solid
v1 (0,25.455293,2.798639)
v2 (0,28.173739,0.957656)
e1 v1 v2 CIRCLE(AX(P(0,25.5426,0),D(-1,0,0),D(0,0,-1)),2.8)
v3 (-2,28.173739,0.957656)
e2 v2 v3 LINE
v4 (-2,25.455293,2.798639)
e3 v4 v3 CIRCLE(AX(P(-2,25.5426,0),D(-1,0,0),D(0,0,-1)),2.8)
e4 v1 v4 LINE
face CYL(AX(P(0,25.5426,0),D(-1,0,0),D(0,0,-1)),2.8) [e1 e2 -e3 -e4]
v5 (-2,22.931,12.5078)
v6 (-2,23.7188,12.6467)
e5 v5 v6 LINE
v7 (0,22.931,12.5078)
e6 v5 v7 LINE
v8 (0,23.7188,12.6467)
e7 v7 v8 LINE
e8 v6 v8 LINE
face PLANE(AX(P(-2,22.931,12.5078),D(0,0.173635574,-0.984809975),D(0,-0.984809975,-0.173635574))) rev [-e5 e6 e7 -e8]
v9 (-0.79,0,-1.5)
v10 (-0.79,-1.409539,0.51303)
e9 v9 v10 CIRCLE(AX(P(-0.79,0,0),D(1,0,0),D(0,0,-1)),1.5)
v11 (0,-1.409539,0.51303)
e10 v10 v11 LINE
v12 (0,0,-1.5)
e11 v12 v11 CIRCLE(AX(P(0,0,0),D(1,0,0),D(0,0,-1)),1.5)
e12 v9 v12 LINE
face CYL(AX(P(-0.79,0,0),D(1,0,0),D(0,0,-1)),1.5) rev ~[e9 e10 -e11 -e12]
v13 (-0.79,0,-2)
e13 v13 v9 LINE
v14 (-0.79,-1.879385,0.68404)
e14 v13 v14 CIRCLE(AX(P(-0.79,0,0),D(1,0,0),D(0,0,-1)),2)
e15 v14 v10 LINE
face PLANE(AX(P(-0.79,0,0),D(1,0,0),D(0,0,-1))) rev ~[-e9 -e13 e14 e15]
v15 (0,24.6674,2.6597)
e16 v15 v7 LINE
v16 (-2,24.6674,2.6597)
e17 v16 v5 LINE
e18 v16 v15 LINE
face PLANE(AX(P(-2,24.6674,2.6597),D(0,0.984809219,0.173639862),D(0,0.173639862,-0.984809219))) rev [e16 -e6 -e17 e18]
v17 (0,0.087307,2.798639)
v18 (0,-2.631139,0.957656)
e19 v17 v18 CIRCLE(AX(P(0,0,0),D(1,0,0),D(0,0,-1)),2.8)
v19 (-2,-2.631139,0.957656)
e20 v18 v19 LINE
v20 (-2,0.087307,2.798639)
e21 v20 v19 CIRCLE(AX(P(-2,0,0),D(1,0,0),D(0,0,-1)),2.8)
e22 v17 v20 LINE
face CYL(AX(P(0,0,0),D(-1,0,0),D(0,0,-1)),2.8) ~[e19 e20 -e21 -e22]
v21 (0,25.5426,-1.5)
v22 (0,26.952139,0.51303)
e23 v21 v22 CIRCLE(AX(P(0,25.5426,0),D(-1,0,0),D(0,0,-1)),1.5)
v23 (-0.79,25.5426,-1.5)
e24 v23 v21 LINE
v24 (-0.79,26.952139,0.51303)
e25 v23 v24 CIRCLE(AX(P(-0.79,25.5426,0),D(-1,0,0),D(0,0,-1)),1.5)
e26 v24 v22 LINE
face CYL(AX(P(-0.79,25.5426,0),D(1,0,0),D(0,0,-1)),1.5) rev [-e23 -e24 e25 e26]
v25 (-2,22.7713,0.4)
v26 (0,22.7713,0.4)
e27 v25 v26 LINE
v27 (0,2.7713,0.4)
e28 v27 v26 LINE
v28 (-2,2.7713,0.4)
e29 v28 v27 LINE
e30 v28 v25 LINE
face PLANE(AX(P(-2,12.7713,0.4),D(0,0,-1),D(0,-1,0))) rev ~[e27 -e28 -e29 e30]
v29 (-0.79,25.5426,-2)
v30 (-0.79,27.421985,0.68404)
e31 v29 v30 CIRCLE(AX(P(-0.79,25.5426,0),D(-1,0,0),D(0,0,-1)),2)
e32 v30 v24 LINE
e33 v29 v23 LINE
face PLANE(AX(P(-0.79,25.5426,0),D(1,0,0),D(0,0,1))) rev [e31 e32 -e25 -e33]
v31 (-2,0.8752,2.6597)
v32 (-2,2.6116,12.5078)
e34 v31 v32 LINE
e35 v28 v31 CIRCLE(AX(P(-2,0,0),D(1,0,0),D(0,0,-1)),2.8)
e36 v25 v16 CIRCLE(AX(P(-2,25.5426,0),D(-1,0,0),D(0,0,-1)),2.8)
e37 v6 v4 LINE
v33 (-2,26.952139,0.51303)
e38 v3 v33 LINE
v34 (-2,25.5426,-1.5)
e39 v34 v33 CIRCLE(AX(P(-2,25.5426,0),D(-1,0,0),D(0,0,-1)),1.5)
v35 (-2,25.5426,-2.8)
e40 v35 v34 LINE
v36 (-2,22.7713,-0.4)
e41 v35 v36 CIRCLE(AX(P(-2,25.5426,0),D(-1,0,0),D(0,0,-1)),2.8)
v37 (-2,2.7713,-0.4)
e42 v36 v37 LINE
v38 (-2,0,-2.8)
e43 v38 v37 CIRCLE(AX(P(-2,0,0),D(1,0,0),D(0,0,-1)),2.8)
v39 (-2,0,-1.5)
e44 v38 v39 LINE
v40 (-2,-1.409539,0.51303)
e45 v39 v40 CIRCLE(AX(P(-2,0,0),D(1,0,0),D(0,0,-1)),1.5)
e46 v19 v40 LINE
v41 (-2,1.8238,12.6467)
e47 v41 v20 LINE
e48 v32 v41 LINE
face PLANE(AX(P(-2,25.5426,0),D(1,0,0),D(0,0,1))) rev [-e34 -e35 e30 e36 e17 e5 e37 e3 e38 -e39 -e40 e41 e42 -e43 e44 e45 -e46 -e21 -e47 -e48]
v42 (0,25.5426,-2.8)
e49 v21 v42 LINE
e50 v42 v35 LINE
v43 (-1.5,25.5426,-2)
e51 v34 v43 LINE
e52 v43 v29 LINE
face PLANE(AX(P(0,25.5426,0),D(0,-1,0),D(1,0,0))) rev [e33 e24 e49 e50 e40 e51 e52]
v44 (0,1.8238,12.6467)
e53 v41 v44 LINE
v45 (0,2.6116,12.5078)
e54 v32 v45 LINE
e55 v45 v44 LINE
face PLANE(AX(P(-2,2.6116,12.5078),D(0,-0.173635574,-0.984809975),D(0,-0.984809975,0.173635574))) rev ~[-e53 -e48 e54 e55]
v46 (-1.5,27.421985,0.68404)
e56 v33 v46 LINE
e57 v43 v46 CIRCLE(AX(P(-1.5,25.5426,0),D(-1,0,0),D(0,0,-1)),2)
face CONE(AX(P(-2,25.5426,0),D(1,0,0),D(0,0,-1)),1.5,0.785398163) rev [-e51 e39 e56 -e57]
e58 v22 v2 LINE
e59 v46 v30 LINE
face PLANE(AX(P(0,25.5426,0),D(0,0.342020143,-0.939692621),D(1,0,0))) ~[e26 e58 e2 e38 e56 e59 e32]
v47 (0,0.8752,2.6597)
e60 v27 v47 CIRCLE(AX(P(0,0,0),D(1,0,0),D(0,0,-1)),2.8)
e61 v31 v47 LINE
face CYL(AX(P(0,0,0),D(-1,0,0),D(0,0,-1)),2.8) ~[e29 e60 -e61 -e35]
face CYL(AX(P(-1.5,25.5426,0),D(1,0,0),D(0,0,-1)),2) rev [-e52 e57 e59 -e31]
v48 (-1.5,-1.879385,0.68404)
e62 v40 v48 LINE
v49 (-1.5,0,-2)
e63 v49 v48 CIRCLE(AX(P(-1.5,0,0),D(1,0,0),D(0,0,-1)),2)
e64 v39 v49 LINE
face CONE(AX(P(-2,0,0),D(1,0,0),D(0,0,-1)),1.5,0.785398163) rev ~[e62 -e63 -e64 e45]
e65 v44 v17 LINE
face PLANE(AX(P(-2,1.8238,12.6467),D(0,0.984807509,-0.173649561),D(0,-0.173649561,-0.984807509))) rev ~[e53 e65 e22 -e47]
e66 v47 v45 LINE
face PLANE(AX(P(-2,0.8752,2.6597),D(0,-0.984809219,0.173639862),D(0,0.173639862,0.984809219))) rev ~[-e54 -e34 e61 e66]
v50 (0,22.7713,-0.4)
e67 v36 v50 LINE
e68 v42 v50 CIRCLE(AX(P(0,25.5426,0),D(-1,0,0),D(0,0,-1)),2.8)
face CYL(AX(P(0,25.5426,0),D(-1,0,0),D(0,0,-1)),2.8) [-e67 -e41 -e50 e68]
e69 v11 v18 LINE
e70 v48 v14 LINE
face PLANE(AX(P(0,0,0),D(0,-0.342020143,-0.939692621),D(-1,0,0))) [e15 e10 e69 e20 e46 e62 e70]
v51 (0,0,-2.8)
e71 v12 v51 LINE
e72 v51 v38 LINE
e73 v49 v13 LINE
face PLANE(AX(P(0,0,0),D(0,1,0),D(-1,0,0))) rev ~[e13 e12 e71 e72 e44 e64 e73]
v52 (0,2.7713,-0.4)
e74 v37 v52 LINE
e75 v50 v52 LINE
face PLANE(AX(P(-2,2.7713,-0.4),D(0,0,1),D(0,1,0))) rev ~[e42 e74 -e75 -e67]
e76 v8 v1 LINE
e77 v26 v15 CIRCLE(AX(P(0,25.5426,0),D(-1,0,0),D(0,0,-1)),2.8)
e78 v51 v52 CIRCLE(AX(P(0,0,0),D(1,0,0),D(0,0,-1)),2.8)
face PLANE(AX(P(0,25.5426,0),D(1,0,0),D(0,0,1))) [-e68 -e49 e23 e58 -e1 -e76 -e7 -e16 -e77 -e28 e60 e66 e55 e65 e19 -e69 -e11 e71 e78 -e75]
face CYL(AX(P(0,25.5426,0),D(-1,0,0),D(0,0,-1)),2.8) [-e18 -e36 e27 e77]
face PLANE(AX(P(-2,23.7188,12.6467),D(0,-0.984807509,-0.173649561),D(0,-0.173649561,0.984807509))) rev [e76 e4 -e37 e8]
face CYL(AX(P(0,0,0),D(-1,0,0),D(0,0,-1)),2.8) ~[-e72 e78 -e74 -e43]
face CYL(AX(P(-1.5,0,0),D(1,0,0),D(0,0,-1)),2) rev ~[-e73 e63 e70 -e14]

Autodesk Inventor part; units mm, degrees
ref_plane "Work Plane1" through (-2, 20, -2.8) normal (0, -1, 0) x (1, 0, 0)
ref_plane "YZ Plane" through (0, 0, 0) normal (1, 0, 0) x (0, 1, 0)
ref_plane "XZ Plane" through (0, 0, 0) normal (0, 1, 0) x (-1, 0, 0)
sketch "Sketch1" plane through (0, 0, 0) normal (0, 1, 0) x (-1, 0, 0)
  line L0 (2, -1.5) -> (1.5, -2)
  line L1 (1.5, -2) -> (0.79, -2)
  line L2 (0.79, -2) -> (0.79, -1.5)
  line L3 (0.79, -1.5) -> (0, -1.5)
  line L4 (0, -1.5) -> (0, -2.8)
  line L5 (0, -2.8) -> (2, -2.8)
  line L6 (2, -2.8) -> (2, -1.5)
  line L7 (0, 0) -> (1.5115, 0)
  line L8 (2, -12.5) -> (2, -13.8)
  line L9 (2, -13.8) -> (0, -13.8)
  line L10 (0, -13.8) -> (0, -12.5)
  line L11 (0, -12.5) -> (0.5, -13)
  line L12 (0.5, -13) -> (1.5, -13)
  line L13 (1.5, -13) -> (2, -12.5)
  line L14 (0, -10) -> (1, -10)
  point P0 (1, -13)
  dimension "d0" = 0.5
  dimension "d1" = 45
  dimension "d2" = 0.8
  dimension "d3" = 0.71
  dimension "d5" = 2
  dimension "d6" = 1
  dimension "d7" = 0.8
  dimension "d8" = 0.5
  dimension "d9" = 10
  dimension "d10" = 3
revolve "Revolution1" add sketch "Sketch1" angle 250 about axis through (0, 0, 0) along (1, 0, 0) contours L6 L5 L4 L3 L2 L1 L0
sketch "Sketch3" plane through (-2, 0, -2.8) normal (-1, 0, 0) x (0, 0, 1)
  arc A0 (3.7577, -2.6311) -> (0, 0) centre (2.8, 0) ccw projected
  line L0 (2.4, 2.7713) -> (2.4, 12.7713)
  line L1 (2.4, 12.7713) -> (3.2, 12.7713)
  line L2 (3.2, 12.7713) -> (3.2, 2.7713)
  line L3 (5.4597, 0.8752) -> (15.3078, 2.6116)
  line L4 (15.3078, 2.6116) -> (15.4467, 1.8238)
  line L5 (15.4467, 1.8238) -> (5.5986, 0.0873)
  point P0 (2.8, 0)
  dimension "d31" = 0.8
  dimension "d32" = 10
  dimension "d33" = 80
  dimension "d14" = 0.81
  dimension "d16" = 2
  dimension "d18" = 2
  dimension "d19" = 0.81
  dimension "d20" = 70
  dimension "d27" = 1.356
  dimension "d28" = 0.8
extrude "Extrusion4" add sketch "Sketch3" against normal up to surface (2 mm away)
mirror "Mirror3" about plane through (-2, 12.7713, -0.4) normal (0, 1, 0) of "Extrusion4", "Revolution1"
properties part number "lens mounts"
